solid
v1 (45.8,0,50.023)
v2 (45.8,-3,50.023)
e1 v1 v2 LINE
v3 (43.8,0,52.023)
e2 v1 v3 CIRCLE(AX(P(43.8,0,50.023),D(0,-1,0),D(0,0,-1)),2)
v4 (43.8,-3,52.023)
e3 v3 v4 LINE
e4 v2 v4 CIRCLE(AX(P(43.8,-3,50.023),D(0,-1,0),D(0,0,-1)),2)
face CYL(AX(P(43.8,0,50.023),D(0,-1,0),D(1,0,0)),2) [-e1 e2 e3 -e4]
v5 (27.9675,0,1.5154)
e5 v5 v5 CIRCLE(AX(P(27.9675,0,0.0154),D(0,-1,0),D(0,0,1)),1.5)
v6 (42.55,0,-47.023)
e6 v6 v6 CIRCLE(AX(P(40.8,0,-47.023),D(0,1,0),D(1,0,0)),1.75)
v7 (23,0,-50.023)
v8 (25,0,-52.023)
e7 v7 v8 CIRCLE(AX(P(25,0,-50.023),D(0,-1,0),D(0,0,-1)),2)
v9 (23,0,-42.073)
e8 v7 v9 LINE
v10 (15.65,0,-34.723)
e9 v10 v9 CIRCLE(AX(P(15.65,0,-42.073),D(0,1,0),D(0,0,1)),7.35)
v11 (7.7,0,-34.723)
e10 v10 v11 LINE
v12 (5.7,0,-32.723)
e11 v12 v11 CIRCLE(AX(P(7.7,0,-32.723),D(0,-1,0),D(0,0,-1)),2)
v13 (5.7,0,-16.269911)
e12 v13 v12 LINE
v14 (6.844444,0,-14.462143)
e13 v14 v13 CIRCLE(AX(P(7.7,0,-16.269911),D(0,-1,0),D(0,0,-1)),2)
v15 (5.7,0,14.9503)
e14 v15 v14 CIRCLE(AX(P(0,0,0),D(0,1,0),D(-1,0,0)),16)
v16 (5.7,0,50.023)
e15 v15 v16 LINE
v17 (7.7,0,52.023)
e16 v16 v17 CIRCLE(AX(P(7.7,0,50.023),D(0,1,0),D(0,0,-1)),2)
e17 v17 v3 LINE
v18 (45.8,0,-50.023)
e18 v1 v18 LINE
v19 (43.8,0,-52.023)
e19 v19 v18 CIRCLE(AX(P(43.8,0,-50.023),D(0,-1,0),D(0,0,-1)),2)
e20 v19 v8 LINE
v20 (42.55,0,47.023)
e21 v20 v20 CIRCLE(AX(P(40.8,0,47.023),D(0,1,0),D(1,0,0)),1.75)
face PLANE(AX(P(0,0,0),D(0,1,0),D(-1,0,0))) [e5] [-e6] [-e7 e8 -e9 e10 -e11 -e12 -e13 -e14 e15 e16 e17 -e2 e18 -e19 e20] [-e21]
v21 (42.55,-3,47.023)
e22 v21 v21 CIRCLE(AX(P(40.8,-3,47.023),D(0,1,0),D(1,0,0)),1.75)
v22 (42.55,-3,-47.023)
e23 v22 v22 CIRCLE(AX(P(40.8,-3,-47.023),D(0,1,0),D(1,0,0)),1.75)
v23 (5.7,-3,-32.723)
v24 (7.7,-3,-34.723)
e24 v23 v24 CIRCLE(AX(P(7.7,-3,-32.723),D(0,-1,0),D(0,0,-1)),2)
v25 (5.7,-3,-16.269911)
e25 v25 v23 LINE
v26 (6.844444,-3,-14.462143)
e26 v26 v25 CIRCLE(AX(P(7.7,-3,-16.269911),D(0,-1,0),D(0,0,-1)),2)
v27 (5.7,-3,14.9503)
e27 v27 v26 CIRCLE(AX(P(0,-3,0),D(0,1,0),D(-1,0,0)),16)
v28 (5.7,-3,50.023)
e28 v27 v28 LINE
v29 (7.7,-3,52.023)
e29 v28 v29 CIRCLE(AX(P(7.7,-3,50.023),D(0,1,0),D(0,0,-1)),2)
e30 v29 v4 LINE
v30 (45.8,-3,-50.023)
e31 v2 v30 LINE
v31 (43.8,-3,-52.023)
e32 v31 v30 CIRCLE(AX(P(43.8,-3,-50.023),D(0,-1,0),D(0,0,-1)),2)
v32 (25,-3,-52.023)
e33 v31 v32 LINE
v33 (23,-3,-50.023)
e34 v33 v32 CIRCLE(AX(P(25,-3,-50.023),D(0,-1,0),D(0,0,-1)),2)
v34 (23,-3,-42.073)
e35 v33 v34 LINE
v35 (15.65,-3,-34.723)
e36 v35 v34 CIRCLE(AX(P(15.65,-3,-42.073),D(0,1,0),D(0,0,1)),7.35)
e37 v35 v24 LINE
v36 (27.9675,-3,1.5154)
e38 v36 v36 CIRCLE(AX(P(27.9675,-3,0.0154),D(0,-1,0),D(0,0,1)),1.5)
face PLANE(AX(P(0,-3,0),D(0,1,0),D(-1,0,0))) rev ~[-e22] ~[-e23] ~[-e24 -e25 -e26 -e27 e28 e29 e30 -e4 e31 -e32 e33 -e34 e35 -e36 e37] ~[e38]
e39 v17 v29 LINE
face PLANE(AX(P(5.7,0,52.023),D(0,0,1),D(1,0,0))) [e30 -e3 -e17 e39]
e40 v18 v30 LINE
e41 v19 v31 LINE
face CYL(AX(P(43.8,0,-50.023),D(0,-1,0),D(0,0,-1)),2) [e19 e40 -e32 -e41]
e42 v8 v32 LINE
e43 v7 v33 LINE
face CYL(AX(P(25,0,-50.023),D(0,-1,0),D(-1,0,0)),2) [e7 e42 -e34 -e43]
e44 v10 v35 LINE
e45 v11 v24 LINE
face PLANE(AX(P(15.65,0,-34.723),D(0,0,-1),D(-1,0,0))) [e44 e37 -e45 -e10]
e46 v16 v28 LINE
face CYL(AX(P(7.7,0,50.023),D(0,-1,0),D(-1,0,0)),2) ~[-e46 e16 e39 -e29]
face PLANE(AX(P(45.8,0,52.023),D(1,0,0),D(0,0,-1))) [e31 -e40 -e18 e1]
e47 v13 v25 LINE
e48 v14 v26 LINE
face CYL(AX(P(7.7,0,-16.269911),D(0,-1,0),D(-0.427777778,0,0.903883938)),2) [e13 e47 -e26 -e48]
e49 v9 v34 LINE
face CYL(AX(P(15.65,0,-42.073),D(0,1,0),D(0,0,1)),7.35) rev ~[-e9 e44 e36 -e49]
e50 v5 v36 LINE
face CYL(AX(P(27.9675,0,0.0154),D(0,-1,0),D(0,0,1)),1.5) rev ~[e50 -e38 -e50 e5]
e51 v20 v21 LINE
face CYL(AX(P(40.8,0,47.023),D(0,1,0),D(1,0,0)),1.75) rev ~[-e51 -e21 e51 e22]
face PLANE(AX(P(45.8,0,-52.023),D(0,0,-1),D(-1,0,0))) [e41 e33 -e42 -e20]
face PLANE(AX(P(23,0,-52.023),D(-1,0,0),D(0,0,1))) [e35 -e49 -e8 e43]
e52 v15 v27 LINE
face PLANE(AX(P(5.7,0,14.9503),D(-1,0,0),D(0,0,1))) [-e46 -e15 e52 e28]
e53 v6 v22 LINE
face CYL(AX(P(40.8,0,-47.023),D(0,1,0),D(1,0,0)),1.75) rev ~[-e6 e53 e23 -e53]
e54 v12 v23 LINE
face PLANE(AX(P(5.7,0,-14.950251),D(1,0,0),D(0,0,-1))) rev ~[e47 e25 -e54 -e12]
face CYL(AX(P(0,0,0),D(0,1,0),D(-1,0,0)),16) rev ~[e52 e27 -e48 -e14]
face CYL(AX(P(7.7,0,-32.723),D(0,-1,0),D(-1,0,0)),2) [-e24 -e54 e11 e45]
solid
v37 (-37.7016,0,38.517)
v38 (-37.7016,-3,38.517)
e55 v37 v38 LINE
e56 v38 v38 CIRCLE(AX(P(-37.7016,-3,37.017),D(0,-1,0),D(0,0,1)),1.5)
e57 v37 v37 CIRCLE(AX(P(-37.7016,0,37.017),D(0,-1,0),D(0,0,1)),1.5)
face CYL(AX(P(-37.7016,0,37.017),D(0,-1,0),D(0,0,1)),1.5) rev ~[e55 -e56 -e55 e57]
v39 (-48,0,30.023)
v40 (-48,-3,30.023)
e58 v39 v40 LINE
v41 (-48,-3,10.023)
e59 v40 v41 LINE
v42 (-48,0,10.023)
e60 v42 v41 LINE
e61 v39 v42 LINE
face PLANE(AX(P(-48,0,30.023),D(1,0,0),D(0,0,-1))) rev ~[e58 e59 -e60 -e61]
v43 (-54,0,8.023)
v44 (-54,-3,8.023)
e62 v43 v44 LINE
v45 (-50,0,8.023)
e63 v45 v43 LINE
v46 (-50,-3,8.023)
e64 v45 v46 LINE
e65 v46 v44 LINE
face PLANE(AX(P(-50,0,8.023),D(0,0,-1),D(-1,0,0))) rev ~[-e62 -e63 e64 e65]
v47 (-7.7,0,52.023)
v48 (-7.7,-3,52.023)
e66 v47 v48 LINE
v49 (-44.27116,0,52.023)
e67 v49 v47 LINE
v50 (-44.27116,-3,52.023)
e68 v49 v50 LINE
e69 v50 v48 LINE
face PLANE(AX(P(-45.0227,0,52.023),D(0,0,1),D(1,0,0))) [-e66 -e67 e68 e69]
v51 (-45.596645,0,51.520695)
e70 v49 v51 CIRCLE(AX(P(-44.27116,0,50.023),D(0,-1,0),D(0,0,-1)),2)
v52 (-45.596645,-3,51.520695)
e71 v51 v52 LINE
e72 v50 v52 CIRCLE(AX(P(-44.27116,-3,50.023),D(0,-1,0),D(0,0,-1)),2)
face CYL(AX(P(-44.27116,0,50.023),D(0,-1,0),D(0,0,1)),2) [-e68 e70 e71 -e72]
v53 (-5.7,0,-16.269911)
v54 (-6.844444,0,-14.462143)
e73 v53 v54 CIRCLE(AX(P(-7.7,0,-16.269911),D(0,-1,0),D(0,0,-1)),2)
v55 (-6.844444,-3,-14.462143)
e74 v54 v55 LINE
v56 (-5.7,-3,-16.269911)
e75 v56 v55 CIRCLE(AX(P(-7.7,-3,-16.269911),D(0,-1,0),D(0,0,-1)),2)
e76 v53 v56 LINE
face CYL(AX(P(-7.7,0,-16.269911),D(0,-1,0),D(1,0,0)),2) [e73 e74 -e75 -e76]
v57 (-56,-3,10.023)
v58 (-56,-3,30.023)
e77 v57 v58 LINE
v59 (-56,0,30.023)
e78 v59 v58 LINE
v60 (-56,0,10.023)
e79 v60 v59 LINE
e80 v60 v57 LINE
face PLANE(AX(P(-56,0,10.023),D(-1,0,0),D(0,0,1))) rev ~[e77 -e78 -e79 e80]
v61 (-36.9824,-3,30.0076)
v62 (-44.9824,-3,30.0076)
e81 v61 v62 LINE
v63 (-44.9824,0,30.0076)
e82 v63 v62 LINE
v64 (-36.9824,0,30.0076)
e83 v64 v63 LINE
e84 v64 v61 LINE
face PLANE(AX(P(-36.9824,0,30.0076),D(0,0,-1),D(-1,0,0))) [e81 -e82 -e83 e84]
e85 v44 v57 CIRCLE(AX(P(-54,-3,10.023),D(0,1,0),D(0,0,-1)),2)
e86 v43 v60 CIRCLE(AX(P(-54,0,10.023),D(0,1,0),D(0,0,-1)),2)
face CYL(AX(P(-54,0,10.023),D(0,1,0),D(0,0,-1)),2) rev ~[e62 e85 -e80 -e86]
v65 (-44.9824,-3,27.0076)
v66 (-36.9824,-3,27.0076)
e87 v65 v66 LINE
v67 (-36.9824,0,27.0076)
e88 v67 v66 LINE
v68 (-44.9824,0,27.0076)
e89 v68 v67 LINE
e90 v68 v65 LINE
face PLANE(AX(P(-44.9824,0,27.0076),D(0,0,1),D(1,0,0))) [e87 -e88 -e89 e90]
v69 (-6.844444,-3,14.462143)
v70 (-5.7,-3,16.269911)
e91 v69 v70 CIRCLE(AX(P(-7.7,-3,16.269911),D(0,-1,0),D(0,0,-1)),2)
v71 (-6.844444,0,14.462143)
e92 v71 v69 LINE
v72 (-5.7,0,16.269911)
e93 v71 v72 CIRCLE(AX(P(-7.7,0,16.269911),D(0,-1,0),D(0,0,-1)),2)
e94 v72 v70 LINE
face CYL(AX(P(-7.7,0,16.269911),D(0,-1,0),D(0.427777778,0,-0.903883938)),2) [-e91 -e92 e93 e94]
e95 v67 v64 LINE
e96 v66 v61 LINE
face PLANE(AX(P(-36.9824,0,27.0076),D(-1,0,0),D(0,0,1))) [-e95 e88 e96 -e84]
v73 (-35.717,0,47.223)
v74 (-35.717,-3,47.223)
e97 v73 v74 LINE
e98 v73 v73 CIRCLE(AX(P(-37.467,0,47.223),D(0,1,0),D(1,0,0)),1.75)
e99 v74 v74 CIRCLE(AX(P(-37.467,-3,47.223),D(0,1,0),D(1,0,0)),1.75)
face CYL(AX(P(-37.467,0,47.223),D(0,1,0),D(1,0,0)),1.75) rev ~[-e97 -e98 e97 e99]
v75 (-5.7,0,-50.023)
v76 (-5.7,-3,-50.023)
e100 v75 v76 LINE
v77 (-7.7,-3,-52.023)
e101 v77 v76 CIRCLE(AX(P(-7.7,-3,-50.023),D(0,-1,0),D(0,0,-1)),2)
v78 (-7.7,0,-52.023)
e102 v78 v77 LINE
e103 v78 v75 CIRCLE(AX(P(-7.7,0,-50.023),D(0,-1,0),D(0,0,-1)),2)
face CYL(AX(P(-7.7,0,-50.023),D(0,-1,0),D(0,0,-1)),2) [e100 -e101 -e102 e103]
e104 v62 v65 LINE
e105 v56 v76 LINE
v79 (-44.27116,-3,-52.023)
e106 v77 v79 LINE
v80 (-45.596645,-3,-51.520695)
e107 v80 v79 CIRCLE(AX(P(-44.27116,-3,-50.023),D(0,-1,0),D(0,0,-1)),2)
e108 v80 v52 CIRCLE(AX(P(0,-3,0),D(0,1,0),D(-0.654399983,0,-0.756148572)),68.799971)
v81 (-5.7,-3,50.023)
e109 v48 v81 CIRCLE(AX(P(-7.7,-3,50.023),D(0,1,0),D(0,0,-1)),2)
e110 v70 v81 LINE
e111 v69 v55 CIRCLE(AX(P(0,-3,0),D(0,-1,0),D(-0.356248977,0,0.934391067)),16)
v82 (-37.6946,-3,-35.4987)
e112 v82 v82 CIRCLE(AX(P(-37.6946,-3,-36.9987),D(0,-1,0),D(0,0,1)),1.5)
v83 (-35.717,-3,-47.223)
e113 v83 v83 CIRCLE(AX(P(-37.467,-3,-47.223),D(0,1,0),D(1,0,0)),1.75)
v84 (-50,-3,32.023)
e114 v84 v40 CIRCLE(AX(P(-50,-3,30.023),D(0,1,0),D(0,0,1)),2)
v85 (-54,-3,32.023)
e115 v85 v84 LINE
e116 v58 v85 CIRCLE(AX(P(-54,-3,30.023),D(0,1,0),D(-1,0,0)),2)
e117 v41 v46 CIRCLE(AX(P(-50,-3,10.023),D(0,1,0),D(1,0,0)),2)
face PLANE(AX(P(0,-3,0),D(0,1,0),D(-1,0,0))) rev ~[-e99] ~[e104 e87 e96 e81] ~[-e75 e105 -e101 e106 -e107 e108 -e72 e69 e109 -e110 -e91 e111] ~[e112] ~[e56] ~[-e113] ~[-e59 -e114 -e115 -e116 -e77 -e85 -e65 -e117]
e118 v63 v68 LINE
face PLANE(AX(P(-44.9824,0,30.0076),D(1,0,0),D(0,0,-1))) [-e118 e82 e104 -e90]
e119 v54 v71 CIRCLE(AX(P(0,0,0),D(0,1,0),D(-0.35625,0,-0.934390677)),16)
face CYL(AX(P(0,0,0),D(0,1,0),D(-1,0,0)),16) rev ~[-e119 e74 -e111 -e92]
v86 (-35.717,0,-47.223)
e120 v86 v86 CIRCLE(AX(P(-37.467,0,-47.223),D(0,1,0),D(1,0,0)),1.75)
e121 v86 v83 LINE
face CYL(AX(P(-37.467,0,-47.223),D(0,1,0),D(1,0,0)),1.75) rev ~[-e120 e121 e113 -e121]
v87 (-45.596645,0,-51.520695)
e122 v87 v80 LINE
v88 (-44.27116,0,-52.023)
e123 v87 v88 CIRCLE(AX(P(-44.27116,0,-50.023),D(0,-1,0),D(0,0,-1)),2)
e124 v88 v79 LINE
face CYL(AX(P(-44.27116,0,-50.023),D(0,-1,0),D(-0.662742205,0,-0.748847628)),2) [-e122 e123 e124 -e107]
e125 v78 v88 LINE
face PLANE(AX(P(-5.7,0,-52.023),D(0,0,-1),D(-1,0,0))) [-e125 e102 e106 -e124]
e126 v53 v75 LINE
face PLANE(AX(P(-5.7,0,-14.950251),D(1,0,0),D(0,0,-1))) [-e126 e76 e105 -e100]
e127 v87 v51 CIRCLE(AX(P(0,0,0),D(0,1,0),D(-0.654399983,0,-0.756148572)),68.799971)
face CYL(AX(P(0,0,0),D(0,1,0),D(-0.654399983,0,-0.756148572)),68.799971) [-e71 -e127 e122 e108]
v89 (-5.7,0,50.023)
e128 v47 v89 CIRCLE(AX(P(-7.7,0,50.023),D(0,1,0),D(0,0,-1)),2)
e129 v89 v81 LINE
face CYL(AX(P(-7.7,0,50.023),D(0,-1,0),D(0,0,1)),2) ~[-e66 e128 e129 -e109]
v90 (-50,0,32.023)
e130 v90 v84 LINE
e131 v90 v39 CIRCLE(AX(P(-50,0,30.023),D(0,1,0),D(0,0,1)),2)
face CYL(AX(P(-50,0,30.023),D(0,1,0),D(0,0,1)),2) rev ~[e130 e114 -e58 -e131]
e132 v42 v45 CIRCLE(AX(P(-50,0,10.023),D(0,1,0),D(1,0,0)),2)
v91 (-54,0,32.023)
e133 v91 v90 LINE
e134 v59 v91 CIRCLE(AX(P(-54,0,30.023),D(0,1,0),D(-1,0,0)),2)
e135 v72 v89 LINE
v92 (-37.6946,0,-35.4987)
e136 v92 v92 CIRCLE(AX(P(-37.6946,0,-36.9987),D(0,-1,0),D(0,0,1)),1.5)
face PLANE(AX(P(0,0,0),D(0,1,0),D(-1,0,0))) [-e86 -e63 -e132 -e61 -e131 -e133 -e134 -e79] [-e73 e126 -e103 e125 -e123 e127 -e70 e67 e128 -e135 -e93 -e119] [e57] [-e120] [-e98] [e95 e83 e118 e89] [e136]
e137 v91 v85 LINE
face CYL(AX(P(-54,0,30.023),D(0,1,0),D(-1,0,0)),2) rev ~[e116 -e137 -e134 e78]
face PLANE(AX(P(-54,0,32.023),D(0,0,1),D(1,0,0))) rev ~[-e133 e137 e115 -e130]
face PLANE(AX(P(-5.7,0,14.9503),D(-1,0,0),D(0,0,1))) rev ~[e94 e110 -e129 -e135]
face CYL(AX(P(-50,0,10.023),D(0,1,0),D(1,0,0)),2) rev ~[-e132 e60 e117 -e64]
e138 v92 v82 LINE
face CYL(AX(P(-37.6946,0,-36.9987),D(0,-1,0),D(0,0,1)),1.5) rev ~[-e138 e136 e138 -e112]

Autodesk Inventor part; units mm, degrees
ref_plane "YZ Plane" through (0, 0, 0) normal (1, 0, 0) x (0, 1, 0)
ref_plane "XZ Plane" through (0, 0, 0) normal (0, 1, 0) x (-1, 0, 0)
ref_plane "XY Plane" through (0, 0, 0) normal (0, 0, 1) x (1, 0, 0)
sketch "Sketch1" plane through (0, 0, 0) normal (0, 1, 0) x (-1, 0, 0)
  line L0 (46.9204, 62.223) -> (-47, 62.223)
  line L1 (-47, -62.223) -> (46.9204, -62.223)
  line L2 (-56, 53.223) -> (-56, -53.223)
  arc A0 (50.0907, -61.0894) -> (50.0907, 61.0894) centre (0, 0) ccw
  arc A1 (50.0907, 61.0894) -> (46.9204, 62.223) centre (46.9204, 57.223) ccw
  arc A2 (46.9204, -62.223) -> (50.0907, -61.0894) centre (46.9204, -57.223) ccw
  arc A3 (-47, 62.223) -> (-56, 53.223) centre (-47, 53.223) ccw
  arc A4 (-56, -53.223) -> (-47, -62.223) centre (-47, -53.223) ccw
  line L3 (-46, 52.223) -> (45.0972, 52.223)
  arc A5 (45.0972, -52.223) -> (45.0972, 52.223) centre (0, 0) ccw
  line L4 (45.0972, -52.223) -> (-46, -52.223)
  line L5 (-46, -52.223) -> (-46, 52.223)
  circle A6 centre (0, 0) radius 8.5
  circle A7 centre (0, 0) radius 15.5
  line L6 (-5.5, -14.4914) -> (-5.5, -52.223)
  line L7 (0, 0) -> (0, -8.5)
  line L8 (5.5, -14.4914) -> (5.5, -52.223)
  line L9 (0, 0) -> (8.5, 0)
  line L10 (-5.5, 14.4914) -> (-5.5, 52.223)
  line L11 (5.5, 14.4914) -> (5.5, 52.223)
  circle A8 centre (-14.15, -43.573) radius 5.65
  line L12 (-14.15, -43.573) -> (-14.15, -52.223)
  line L13 (-5.5, -43.573) -> (-14.15, -43.573)
  line L14 (-5.5, -34.923) -> (-15.65, -34.923)
  line L15 (-22.8, -42.073) -> (-22.8, -52.223)
  arc A9 (-15.65, -34.923) -> (-22.8, -42.073) centre (-15.65, -42.073) ccw
  line L16 (45.0227, 52.023) -> (-45.8, 52.023)
  line L17 (-45.8, 52.023) -> (-45.8, -52.023)
  line L18 (-45.8, -52.023) -> (45.0227, -52.023)
  arc A10 (45.0227, -52.023) -> (45.0227, 52.023) centre (0, 0) ccw
  line L19 (5.7, -14.4914) -> (5.7, -52.223)
  circle A11 centre (0, 0) radius 16
  line L20 (5.7, 14.9503) -> (5.7, 52.223)
  line L21 (-5.7, 14.9503) -> (-5.7, 52.223)
  line L22 (-5.7, -14.4914) -> (-5.7, -52.223)
  line L23 (-23, -52.223) -> (-23, -42.073)
  arc A12 (-15.65, -34.723) -> (-23, -42.073) centre (-15.65, -42.073) ccw
  line L24 (-15.65, -34.723) -> (-5.5, -34.723)
  point P0 (48.6754, 62.223)
  point P1 (48.6754, -62.223)
  point P2 (5.5, -52.223)
  point P3 (5.5, -14.4914)
  point P4 (5.5, 14.4914)
  point P5 (5.5, 52.223)
  point P6 (-5.5, 52.223)
  point P7 (-5.5, 14.4914)
  point P8 (-22.8, -52.223)
  point P9 (-46, -32.923)
  point P10 (-23, -52.023)
  point P11 (-5.7, -34.723)
  point P12 (-5.7, -14.9503)
  point P13 (-5.7, 52.023)
  point P14 (5.7, 52.023)
  point P15 (5.7, -14.9503)
  point P16 (5.7, -52.023)
  dimension "d2" = 62.223
  dimension "d4" = 56
  dimension "d5" = 62.223
  dimension "d6" = 79
  dimension "d7" = 5
  dimension "d8" = 9
  dimension "d18" = 10
  dimension "d21" = 17
  dimension "d22" = 7
  dimension "d24" = 5.5
  dimension "d41" = 11.3
  dimension "d45" = 8.65
  dimension "d46" = 8.65
  dimension "d47" = 17.3
  dimension "d48" = 3
  dimension "d49" = 90
  dimension "d50" = 7.15
  dimension "d102" = 0.2
  dimension "d103" = 0.2
  dimension "d104" = 0.5
  dimension "d105" = 0.2
  dimension "d106" = 0.2
  dimension "d107" = 0.2
  dimension "d108" = 0.2
extrude "Extrusion1" add sketch "Sketch1" against normal blind 3 contours L21 A11 L22 L24 A12 L23 L18 L17 L16 | L16 A10 L18 L19 A11 L20
fillet "Fillet11" radius 2 12 edges at (-5.7, -1.5, -14.9503) (-5.7, -1.5, 14.9503) (-5.7, -1.5, -52.023) (-45.0227, -1.5, -52.023) (5.7, -1.5, -14.9503) (5.7, -1.5, -34.723) (23, -1.5, -52.023) (45.8, -1.5, -52.023) (45.8, -1.5, 52.023) (5.7, -1.5, 52.023) (-5.7, -1.5, 52.023) (-45.0227, -1.5, 52.023)
sketch "Sketch6" plane through (0, 0, 0) normal (0, 1, 0) x (1, 0, 0)
  circle A0 centre (-37.467, 47.223) radius 1.75
  circle A1 centre (40.8, 47.023) radius 1.75
  line L0 (-7.7, 52.023) -> (-44.2712, 52.023) projected
  line L1 (-5.7, 16.2699) -> (-5.7, 50.023) projected
  line L2 (0, 0) -> (-24.1524, 0)
  circle A2 centre (-37.467, -47.223) radius 1.75
  line L3 (43.8, 52.023) -> (25, 52.023) projected
  line L4 (45.8, -50.023) -> (45.8, 50.023) projected
  circle A3 centre (40.8, -47.023) radius 1.75
  line L5 (-50, -8.023) -> (-54, -8.023)
  line L6 (-56, -10.023) -> (-56, -30.023)
  line L7 (-54, -32.023) -> (-50, -32.023)
  line L8 (-48, -30.023) -> (-48, -10.023)
  arc A4 (-48, -10.023) -> (-50, -8.023) centre (-50, -10.023) ccw
  arc A5 (-50, -32.023) -> (-48, -30.023) centre (-50, -30.023) ccw
  arc A6 (-56, -30.023) -> (-54, -32.023) centre (-54, -30.023) ccw
  arc A7 (-54, -8.023) -> (-56, -10.023) centre (-54, -10.023) ccw
  arc A8 (-45.5967, 51.5207) -> (-45.5967, -51.5207) centre (0, 0) ccw projected
  line L9 (-44.2712, -52.023) -> (-7.7, -52.023) projected
  dimension "d111" = 3.5
  dimension "d113" = 3.5
  dimension "d117" = 4.8
  dimension "d118" = 31.767
  dimension "d119" = 5
  dimension "d120" = 5
  dimension "d121" = 2
  dimension "d122" = 8
  dimension "d123" = 24
  dimension "d124" = 56
  dimension "d125" = 20
extrude "Extrusion7" cut sketch "Sketch6" against normal blind 3
sketch "Boceto9" plane through (0, 0, 0) normal (0, 1, 0) x (1, 0, 0)
  circle A0 centre (-37.6946, 36.9987) radius 1.6 construction
  circle A1 centre (-37.7016, -37.017) radius 1.6 construction
  circle A2 centre (27.9675, -0.0154) radius 1.5 construction
  point P0 (0, 0)
hole "Agujero1" at (-37.6946, 0, -36.9987) at (-37.7016, 0, 37.017) at (27.9675, 0, 0.0154) direction (0, -1, 0) diameter 3 end through all
sketch "Boceto10" plane through (0, 0, 0) normal (0, 1, 0) x (1, 0, 0)
  circle A0 centre (27.9675, -0.0154) radius 1.5 construction
  point P0 (0, 0)
hole "Agujero2" at (27.9675, 0, 0.0154) direction (0, -1, 0) diameter 3 end through all
sketch "Boceto11" plane through (0, 0, 0) normal (0, 1, 0) x (1, 0, 0)
  line L0 (-36.9824, -30.0076) -> (-44.9824, -30.0076) construction
  line L1 (-44.9824, -30.0076) -> (-44.9824, -27.0076) construction
  line L2 (-44.9824, -27.0076) -> (-36.9824, -27.0076) construction
  line L3 (-36.9824, -27.0076) -> (-36.9824, -30.0076) construction
  line L4 (-36.9824, -30.0076) -> (-44.9824, -30.0076)
  line L5 (-44.9824, -30.0076) -> (-44.9824, -27.0076)
  line L6 (-44.9824, -27.0076) -> (-36.9824, -27.0076)
  line L7 (-36.9824, -27.0076) -> (-36.9824, -30.0076)
  point P0 (0, 0)
extrude "Extrusión9" cut sketch "Boceto11" against normal through all
sketch "Sketch8" plane through (0, 0, 0) normal (0, 1, 0) x (1, 0, 0)
  line L0 (-56, -10.023) -> (-56, -30.023) projected
  arc A0 (-56, -30.023) -> (-54, -32.023) centre (-54, -30.023) ccw projected
  line L1 (-54, -32.023) -> (-50, -32.023) projected
  arc A1 (-50, -32.023) -> (-48, -30.023) centre (-50, -30.023) ccw projected
  line L2 (-48, -30.023) -> (-48, -10.023) projected
  arc A2 (-48, -10.023) -> (-50, -8.023) centre (-50, -10.023) ccw projected
  line L3 (-50, -8.023) -> (-54, -8.023) projected
  arc A3 (-54, -8.023) -> (-56, -10.023) centre (-54, -10.023) ccw projected
  circle A4 centre (-37.467, 47.223) radius 1.75 projected
  circle A5 centre (-37.467, -47.223) radius 1.75 projected
  arc A6 (-45.5967, -51.5207) -> (-44.2712, -52.023) centre (-44.2712, -50.023) ccw projected
  arc A7 (-45.5967, 51.5207) -> (-45.5967, -51.5207) centre (0, 0) ccw projected
  arc A8 (-44.2712, 52.023) -> (-45.5967, 51.5207) centre (-44.2712, 50.023) ccw projected
  line L4 (-44.2712, 52.023) -> (-7.7, 52.023) projected
  arc A9 (-5.7, 50.023) -> (-7.7, 52.023) centre (-7.7, 50.023) ccw projected
  line L5 (-5.7, 50.023) -> (-5.7, 16.2699) projected
  arc A10 (-6.8444, 14.4621) -> (-5.7, 16.2699) centre (-7.7, 16.2699) ccw projected
  arc A11 (-6.8444, 14.4621) -> (-6.8444, -14.4621) centre (0, 0) ccw projected
  arc A12 (-5.7, -16.2699) -> (-6.8444, -14.4621) centre (-7.7, -16.2699) ccw projected
  line L6 (-5.7, -16.2699) -> (-5.7, -50.023) projected
  arc A13 (-7.7, -52.023) -> (-5.7, -50.023) centre (-7.7, -50.023) ccw projected
  line L7 (-7.7, -52.023) -> (-44.2712, -52.023) projected
  circle A14 centre (40.8, 47.023) radius 1.75 projected
  circle A15 centre (40.8, -47.023) radius 1.75 projected
  arc A16 (5.7, -50.023) -> (7.7, -52.023) centre (7.7, -50.023) ccw projected
  line L8 (5.7, -50.023) -> (5.7, -14.9503) projected
  arc A17 (5.7, -14.9503) -> (6.8444, 14.4621) centre (0, 0) ccw projected
  arc A18 (5.7, 16.2699) -> (6.8444, 14.4621) centre (7.7, 16.2699) ccw projected
  line L9 (5.7, 16.2699) -> (5.7, 32.723) projected
  arc A19 (7.7, 34.723) -> (5.7, 32.723) centre (7.7, 32.723) ccw projected
  line L10 (7.7, 34.723) -> (15.65, 34.723) projected
  arc A20 (15.65, 34.723) -> (23, 42.073) centre (15.65, 42.073) ccw projected
  line L11 (23, 42.073) -> (23, 50.023) projected
  arc A21 (25, 52.023) -> (23, 50.023) centre (25, 50.023) ccw projected
  line L12 (25, 52.023) -> (43.8, 52.023) projected
  arc A22 (45.8, 50.023) -> (43.8, 52.023) centre (43.8, 50.023) ccw projected
  line L13 (45.8, 50.023) -> (45.8, -50.023) projected
  arc A23 (43.8, -52.023) -> (45.8, -50.023) centre (43.8, -50.023) ccw projected
  line L14 (43.8, -52.023) -> (7.7, -52.023) projected
  line L15 (10.7, 29.723) -> (10.7, 18.0696)
  arc A24 (10.7, -18.0696) -> (10.7, 18.0696) centre (0, 0) ccw
  line L16 (10.7, -18.0696) -> (10.7, -47.023)
  line L17 (10.7, -47.023) -> (40.8, -47.023)
  line L18 (40.8, -47.023) -> (40.8, 47.023)
  line L19 (40.8, 47.023) -> (28, 47.023)
  line L20 (28, 47.023) -> (28, 42.073)
  arc A25 (15.65, 29.723) -> (28, 42.073) centre (15.65, 42.073) ccw
  line L21 (15.65, 29.723) -> (10.7, 29.723)
  line L22 (10.7, 29.723) -> (30.7, 29.723)
  line L23 (30.7, 29.723) -> (30.7, 9.723)
  line L24 (30.7, 9.723) -> (18.6135, 9.723)
  point P0 (15.65, 29.723)
  dimension "d126" = 5
  dimension "d127" = 20
  dimension "d128" = 20
properties part number "Acrilicos Superiores"
